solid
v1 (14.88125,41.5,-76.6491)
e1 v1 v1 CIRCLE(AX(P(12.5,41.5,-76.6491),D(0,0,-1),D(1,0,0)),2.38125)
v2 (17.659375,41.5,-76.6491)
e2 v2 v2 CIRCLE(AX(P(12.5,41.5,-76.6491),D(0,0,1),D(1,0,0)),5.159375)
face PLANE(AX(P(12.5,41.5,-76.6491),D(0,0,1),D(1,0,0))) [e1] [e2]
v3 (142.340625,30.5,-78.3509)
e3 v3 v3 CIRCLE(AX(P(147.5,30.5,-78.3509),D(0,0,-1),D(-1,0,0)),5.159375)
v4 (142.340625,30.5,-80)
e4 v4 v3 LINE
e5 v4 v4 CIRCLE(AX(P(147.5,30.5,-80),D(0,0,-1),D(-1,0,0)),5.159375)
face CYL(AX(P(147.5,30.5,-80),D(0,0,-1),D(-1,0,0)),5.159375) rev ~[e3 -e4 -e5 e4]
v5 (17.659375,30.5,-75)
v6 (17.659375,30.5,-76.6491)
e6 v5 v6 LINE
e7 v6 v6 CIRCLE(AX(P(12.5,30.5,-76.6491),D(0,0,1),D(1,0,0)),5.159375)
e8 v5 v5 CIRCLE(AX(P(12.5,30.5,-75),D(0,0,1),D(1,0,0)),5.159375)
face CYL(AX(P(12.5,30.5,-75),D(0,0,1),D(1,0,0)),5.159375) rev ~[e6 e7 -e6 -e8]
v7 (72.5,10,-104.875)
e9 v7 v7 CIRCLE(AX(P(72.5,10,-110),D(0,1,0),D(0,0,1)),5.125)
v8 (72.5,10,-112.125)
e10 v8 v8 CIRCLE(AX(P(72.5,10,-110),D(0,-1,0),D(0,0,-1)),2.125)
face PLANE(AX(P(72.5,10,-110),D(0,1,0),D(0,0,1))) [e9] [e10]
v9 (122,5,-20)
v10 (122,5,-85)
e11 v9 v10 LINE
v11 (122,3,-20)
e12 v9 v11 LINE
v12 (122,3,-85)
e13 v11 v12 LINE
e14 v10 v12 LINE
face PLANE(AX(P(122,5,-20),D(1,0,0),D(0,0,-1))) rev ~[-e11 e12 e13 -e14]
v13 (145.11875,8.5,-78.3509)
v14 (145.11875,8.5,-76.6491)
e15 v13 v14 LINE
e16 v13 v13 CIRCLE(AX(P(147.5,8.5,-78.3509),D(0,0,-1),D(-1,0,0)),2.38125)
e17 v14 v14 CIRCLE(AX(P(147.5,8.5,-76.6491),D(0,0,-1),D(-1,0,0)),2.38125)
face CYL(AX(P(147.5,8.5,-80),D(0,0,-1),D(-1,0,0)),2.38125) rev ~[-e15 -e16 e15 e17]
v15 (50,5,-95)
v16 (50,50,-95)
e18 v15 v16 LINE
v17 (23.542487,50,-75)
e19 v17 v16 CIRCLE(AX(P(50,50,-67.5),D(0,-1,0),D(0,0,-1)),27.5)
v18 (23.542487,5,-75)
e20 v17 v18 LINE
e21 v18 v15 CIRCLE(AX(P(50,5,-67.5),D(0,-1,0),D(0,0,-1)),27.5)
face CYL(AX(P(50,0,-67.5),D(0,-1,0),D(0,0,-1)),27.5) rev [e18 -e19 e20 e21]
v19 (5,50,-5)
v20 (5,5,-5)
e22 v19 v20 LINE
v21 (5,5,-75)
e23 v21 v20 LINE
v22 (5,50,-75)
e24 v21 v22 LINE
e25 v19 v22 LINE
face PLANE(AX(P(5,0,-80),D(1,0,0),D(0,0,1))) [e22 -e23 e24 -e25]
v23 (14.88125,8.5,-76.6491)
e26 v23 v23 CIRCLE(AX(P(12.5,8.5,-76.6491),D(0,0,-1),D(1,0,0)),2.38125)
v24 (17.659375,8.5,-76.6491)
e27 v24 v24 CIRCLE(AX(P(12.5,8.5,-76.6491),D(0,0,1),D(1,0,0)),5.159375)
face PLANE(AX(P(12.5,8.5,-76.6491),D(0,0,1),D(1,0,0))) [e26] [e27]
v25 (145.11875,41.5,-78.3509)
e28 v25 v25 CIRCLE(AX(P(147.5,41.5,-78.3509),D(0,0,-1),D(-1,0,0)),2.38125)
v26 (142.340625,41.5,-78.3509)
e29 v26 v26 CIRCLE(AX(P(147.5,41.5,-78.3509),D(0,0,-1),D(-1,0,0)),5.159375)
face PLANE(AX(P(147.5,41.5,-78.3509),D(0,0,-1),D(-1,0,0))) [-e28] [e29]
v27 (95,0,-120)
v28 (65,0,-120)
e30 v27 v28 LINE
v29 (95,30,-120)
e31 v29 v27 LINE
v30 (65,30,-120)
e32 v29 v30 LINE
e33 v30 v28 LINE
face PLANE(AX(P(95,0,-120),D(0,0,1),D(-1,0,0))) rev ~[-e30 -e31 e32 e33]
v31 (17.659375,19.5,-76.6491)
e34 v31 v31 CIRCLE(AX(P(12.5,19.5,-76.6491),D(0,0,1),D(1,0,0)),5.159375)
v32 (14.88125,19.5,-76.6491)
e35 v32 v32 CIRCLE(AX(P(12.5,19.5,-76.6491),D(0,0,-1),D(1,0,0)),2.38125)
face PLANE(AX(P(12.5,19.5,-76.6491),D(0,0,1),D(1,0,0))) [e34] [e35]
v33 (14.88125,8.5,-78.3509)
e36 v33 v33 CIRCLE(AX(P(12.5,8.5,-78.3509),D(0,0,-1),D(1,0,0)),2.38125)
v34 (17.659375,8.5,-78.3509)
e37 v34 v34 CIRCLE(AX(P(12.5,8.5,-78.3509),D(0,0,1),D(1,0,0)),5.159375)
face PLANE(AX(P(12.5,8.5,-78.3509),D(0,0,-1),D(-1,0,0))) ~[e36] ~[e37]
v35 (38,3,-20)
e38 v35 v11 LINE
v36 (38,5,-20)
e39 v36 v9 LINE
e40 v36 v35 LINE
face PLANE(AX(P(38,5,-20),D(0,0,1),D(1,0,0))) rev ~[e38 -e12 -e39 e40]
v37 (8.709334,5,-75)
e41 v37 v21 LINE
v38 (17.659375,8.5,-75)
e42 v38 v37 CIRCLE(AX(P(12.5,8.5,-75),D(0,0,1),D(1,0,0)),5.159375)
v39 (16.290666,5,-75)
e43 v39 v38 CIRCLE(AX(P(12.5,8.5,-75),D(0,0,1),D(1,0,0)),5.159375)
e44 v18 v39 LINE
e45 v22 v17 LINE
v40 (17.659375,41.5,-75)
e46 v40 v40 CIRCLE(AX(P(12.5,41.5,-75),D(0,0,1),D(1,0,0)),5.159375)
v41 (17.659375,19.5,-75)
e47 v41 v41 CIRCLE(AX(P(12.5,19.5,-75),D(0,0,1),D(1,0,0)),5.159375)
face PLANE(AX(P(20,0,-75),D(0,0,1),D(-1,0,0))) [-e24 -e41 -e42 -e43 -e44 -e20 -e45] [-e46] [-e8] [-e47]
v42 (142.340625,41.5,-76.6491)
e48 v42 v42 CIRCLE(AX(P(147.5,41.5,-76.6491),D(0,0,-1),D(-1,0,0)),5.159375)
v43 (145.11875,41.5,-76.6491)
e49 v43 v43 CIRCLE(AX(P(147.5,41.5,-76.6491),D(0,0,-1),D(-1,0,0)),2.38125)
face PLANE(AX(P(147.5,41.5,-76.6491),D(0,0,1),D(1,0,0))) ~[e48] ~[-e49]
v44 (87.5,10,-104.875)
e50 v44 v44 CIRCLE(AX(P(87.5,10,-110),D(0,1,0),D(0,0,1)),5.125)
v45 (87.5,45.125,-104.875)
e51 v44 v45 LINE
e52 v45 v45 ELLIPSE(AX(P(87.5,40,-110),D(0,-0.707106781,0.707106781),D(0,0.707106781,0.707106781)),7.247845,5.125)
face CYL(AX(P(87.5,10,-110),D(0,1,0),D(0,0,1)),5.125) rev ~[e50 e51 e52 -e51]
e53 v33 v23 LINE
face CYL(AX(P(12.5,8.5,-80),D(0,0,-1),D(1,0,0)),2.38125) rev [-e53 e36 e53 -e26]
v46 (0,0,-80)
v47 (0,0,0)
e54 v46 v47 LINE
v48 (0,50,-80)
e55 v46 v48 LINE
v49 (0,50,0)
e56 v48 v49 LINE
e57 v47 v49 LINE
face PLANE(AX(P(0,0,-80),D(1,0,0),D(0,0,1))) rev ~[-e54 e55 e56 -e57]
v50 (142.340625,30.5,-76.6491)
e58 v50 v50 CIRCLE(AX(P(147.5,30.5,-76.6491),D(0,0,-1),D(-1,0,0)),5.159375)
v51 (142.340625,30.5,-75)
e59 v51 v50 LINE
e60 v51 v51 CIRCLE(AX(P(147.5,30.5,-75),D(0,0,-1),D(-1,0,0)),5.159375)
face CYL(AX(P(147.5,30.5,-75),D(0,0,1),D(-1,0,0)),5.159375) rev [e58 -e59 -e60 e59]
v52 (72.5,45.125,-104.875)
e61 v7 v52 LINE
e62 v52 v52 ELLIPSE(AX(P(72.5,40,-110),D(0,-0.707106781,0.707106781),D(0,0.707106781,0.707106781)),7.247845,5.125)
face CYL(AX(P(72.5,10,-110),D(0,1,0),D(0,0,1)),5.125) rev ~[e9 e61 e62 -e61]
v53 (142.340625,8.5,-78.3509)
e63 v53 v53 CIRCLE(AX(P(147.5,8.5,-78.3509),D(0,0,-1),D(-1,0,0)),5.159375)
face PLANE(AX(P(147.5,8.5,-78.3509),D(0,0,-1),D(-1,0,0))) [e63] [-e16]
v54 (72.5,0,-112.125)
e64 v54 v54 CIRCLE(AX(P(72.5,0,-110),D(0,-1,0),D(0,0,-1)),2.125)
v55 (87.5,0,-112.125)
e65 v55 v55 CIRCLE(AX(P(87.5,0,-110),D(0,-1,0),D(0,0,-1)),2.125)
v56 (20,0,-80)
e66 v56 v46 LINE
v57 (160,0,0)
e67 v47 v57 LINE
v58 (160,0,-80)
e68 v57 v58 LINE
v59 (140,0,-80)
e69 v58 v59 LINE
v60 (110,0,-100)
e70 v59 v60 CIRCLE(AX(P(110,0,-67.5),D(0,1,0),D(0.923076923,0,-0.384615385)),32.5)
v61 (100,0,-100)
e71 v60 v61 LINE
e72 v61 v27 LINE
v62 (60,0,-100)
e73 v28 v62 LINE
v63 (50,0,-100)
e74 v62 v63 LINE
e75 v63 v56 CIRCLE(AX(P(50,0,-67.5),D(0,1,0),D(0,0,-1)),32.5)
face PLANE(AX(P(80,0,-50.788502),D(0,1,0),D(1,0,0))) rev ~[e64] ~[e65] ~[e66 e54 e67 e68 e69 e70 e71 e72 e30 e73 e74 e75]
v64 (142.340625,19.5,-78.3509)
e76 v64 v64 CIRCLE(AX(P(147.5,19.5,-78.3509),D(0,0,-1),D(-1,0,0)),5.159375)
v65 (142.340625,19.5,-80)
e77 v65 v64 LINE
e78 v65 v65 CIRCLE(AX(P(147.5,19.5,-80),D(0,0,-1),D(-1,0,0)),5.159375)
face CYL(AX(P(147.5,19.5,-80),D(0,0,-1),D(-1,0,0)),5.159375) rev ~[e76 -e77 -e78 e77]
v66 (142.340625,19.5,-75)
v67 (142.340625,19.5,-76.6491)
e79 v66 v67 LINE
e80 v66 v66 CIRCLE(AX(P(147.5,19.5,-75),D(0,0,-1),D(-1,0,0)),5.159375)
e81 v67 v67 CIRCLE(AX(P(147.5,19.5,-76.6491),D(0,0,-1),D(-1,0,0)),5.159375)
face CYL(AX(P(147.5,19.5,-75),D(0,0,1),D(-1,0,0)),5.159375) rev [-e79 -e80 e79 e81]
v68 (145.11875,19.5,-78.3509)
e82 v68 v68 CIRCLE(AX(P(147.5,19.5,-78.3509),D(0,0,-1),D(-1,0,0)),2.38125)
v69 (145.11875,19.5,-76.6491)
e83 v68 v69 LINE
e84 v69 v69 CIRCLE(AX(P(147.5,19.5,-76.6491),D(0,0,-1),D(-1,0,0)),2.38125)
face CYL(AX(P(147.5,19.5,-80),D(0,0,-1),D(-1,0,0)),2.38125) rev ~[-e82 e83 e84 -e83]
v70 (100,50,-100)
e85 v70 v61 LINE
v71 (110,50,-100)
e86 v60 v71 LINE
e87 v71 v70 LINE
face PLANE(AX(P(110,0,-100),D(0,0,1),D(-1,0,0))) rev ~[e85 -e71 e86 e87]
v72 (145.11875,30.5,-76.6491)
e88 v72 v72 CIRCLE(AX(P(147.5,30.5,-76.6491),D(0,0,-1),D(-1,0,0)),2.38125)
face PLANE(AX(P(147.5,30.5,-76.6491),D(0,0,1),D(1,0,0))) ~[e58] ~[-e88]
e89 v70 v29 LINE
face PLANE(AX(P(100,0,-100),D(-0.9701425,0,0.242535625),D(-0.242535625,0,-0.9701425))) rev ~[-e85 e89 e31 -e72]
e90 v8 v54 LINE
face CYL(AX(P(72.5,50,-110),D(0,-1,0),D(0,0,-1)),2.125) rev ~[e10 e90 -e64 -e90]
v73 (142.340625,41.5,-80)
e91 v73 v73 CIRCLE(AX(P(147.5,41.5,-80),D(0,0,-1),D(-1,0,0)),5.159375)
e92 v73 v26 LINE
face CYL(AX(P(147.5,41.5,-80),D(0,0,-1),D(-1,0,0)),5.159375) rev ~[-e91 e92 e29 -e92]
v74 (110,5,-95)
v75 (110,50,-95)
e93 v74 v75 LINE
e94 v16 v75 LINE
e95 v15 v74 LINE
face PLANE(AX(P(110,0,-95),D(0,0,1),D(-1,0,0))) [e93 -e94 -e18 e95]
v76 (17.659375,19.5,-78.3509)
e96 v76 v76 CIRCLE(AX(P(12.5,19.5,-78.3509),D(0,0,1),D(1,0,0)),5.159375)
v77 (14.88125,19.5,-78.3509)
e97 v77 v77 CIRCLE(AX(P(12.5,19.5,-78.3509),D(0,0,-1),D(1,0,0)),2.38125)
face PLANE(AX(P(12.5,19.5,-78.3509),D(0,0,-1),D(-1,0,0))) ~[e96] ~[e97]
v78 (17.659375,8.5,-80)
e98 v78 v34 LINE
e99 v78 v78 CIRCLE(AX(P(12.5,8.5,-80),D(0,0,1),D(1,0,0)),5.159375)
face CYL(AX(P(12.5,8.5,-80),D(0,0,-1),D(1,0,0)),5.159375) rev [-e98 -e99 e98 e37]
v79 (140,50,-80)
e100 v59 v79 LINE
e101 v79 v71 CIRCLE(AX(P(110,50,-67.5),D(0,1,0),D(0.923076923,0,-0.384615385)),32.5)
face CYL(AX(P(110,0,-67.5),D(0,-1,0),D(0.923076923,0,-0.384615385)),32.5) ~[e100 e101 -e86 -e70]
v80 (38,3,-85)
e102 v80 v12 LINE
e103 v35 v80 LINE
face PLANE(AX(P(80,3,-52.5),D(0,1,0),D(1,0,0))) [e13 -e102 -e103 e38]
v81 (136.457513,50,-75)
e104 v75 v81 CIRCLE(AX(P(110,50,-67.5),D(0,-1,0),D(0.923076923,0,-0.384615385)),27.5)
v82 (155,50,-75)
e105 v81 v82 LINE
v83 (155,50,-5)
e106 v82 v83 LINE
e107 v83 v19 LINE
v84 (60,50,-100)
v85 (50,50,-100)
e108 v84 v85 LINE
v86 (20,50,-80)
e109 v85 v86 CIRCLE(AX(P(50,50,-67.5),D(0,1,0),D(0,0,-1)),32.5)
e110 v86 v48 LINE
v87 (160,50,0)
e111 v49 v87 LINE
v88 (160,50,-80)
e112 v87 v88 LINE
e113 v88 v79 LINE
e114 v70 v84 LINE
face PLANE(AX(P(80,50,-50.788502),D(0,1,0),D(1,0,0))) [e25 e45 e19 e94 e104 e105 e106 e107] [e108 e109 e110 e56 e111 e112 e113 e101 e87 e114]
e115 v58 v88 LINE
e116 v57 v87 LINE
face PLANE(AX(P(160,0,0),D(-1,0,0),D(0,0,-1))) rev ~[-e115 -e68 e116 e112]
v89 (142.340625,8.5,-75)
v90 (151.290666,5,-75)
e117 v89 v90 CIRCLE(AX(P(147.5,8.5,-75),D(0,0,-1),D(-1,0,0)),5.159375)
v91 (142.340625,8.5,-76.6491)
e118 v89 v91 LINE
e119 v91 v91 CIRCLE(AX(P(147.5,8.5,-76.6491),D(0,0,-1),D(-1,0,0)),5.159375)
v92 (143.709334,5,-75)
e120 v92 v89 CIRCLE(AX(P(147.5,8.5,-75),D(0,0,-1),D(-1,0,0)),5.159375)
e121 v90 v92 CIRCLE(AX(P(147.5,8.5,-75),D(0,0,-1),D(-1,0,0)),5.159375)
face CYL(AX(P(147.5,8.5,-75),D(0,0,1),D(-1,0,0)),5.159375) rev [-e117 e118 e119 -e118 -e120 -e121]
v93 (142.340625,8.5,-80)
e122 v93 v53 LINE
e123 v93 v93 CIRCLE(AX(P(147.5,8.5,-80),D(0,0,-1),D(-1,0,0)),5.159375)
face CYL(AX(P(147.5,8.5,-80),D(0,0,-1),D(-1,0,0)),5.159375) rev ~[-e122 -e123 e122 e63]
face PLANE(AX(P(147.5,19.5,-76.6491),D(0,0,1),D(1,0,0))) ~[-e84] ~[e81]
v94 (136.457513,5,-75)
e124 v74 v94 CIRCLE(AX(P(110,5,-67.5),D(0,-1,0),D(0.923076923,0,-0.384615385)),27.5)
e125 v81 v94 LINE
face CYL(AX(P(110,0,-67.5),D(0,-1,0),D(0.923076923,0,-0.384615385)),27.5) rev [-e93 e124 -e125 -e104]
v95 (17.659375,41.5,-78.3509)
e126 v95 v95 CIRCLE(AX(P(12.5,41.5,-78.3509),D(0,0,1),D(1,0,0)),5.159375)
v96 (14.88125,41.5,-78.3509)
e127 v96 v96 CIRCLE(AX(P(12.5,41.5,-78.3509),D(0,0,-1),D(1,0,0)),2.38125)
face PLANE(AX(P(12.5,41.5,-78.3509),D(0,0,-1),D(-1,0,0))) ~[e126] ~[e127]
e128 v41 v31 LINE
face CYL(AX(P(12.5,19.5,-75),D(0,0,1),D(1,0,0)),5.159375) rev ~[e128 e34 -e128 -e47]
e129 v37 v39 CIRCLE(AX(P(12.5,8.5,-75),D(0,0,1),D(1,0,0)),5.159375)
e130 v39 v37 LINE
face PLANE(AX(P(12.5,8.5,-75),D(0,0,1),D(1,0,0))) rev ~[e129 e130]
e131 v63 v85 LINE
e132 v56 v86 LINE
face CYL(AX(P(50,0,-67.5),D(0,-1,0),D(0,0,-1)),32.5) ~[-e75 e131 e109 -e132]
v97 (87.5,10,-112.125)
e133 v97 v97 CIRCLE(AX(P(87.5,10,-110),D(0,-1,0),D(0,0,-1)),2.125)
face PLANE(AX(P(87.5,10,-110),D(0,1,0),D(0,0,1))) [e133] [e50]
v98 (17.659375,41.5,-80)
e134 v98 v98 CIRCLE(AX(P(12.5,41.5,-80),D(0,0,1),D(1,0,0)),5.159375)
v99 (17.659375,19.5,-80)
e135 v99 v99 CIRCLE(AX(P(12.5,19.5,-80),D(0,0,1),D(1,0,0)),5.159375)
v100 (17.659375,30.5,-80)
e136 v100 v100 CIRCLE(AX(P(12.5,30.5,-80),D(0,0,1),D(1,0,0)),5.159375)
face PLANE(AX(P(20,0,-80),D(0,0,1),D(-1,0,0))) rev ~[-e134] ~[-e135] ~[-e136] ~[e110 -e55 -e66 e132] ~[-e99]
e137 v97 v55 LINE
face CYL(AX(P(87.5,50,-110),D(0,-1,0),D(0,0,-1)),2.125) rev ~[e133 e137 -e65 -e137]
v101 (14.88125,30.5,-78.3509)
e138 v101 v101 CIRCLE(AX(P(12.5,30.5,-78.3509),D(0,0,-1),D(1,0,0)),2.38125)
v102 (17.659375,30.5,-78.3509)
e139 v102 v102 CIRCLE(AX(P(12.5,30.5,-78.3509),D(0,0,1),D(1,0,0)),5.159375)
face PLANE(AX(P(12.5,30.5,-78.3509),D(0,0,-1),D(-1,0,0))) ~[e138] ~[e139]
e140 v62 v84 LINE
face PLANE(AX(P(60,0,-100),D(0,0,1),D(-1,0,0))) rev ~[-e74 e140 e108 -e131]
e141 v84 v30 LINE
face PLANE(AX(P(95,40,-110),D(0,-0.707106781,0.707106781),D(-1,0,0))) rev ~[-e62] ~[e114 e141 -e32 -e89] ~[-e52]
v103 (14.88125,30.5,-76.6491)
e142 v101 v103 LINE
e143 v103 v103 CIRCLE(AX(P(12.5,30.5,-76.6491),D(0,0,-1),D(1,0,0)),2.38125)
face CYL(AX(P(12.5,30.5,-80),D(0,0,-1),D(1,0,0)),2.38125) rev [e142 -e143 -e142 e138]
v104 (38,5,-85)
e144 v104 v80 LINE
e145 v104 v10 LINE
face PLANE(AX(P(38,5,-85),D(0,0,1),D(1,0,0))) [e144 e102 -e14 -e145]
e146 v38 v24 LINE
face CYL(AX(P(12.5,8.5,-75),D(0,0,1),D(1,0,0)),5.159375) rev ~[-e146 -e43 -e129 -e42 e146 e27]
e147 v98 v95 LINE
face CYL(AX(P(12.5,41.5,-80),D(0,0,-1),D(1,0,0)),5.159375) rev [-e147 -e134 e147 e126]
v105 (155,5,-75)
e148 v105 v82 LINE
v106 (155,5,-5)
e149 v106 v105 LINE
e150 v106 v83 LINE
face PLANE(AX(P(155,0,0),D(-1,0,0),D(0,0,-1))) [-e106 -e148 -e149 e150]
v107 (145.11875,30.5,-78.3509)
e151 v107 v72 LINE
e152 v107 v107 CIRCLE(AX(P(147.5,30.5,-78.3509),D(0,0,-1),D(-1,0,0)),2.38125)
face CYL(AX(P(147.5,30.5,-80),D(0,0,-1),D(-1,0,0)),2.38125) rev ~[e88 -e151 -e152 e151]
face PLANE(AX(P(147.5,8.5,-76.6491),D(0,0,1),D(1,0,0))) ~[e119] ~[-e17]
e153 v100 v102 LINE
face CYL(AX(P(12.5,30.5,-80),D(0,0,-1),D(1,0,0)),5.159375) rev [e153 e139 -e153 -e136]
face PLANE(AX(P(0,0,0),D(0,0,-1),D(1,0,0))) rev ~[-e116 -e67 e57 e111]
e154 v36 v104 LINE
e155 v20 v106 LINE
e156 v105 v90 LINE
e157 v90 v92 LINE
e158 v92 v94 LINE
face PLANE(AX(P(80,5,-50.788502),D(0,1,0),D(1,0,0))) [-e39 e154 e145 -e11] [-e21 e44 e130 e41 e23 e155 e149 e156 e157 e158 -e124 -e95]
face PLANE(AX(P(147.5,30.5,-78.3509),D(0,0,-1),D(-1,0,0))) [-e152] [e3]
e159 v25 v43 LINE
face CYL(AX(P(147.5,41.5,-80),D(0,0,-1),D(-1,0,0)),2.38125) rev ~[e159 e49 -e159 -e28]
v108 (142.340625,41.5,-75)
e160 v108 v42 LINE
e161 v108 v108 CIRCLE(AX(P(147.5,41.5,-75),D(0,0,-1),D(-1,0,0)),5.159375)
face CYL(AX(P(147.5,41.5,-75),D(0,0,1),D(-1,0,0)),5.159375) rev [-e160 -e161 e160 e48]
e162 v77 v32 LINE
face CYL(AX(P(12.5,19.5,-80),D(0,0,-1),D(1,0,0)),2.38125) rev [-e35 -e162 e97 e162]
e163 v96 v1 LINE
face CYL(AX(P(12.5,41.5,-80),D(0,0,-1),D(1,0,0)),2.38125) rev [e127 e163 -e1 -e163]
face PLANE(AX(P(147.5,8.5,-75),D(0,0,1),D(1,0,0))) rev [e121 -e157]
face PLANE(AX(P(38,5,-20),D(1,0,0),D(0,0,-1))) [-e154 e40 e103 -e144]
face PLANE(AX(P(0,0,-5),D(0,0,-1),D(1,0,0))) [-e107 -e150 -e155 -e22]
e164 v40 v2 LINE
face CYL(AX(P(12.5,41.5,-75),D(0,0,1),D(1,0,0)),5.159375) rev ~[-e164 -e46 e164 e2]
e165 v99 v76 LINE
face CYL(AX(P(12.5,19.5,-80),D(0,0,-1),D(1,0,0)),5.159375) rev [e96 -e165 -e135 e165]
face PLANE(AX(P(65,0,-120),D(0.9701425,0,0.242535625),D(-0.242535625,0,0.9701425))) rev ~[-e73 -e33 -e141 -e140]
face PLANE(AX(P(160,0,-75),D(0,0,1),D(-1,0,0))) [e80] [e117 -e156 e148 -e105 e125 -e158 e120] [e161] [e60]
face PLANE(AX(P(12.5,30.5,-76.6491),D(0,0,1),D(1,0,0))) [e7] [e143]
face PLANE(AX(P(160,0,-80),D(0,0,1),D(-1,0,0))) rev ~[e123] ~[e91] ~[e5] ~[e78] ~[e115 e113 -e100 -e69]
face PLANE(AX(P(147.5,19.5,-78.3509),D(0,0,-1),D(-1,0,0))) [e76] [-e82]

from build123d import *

# Parameters (mm, degrees)
BOSS_EXTRUDE1_DEPTH     = 50
SHELL1_T                = -5
SKETCH2_W               = 84
SKETCH2_H               = 65
CUT_EXTRUDE1_DEPTH      = 2
BOSS_EXTRUDE2_DEPTH     = 45
CHAMFER1_SIZE           = 20
HOLE1_D                 = 4.25
HOLE1_CBORE_D           = 10.25
HOLE1_CBORE_DEPTH       = 40
SKETCH9_R               = 5.159375
CUT_EXTRUDE2_DEPTH      = 1.6491
SKETCH11_R              = 2.38125
CUT_EXTRUDE3_DEPTH      = 5
MIRROR2_COPY_1_SKETCH_R = 5.159375
MIRROR2_COPY_1_DEPTH    = 1.6491


with BuildPart() as part:
    # Sketch1 → Boss-Extrude1 (new body)
    with BuildSketch(Plane(origin=(0, 0, 0), x_dir=(1, 0, 0), z_dir=(0, 1, 0))):
        with BuildLine():
            Line((0, 0), (160, 0))
            Line((160, 0), (160, 80))
            Line((160, 80), (140, 80))
            ThreePointArc((140, 80), (128.027756377, 94.541634566), (110, 100))
            Line((110, 100), (100, 100))
            Line((100, 100), (95, 120))
            Line((95, 120), (65, 120))
            Line((65, 120), (60, 100))
            Line((60, 100), (50, 100))
            ThreePointArc((50, 100), (31.972243623, 94.541634566), (20, 80))
            Line((20, 80), (0, 80))
            Line((0, 80), (0, 0))
        make_face()
    extrude(amount=BOSS_EXTRUDE1_DEPTH)

    # Shell1
    shell1_openings = [part.faces().sort_by_distance(p)[0] for p in [
        (80, 50, -49.668654168),
    ]]
    offset(amount=SHELL1_T, openings=shell1_openings, kind=Kind.INTERSECTION)

    # Sketch2 → Cut-Extrude1 (cut)
    with BuildSketch(Plane(origin=(0, 5, 0), x_dir=(1, 0, 0), z_dir=(0, 1, 0))):
        with Locations((80, 52.5)):
            Rectangle(SKETCH2_W, SKETCH2_H)
    extrude(amount=-CUT_EXTRUDE1_DEPTH, mode=Mode.SUBTRACT)

    # Sketch3 → Boss-Extrude2 (add)
    with BuildSketch(Plane(origin=(0, 5, 0), x_dir=(1, 0, 0), z_dir=(0, 1, 0))):
        Polygon((65, 120), (60, 100), (60, 95), (100, 95), (100, 100), (95, 120), align=None)
    extrude(amount=BOSS_EXTRUDE2_DEPTH)

    # Chamfer1
    chamfer1_edges = [part.edges().sort_by_distance(p)[0] for p in [
        (80, 50, -120),
    ]]
    chamfer(chamfer1_edges, length=CHAMFER1_SIZE)

    # Hole1 (through all)
    with Locations(Plane(origin=(72.5, 50, -110), x_dir=(0, 0, 1), z_dir=(0, 1, 0))):
        with Locations((0, 0), (0, 15)):
            CounterBoreHole(HOLE1_D / 2, HOLE1_CBORE_D / 2, HOLE1_CBORE_DEPTH)

    # Sketch9 → Cut-Extrude2 (cut)
    with BuildSketch(Plane(origin=(0, 0, -80), x_dir=(-1, 0, 0), z_dir=(0, 0, -1))):
        with Locations((-147.5, 41.5)):
            Circle(SKETCH9_R)
        with Locations((-147.5, 30.5)):
            Circle(SKETCH9_R)
        with Locations((-147.5, 19.5)):
            Circle(SKETCH9_R)
        with Locations((-147.5, 8.5)):
            Circle(SKETCH9_R)
    cut_extrude2 = extrude(amount=-CUT_EXTRUDE2_DEPTH, mode=Mode.SUBTRACT)

    # Mirror1: Cut-Extrude2 across plane
    add(cut_extrude2.mirror(Plane.XY.offset(-77.5)), mode=Mode.SUBTRACT)

    # Sketch11 → Cut-Extrude3 (cut)
    with BuildSketch(Plane(origin=(0, 0, -80), x_dir=(-1, 0, 0), z_dir=(0, 0, -1))):
        with Locations((-147.5, 41.5)):
            Circle(SKETCH11_R)
        with Locations((-147.5, 30.5)):
            Circle(SKETCH11_R)
        with Locations((-147.5, 19.5)):
            Circle(SKETCH11_R)
        with Locations((-147.5, 8.5)):
            Circle(SKETCH11_R)
    cut_extrude3 = extrude(amount=-CUT_EXTRUDE3_DEPTH, mode=Mode.SUBTRACT)

    # Mirror2: Cut-Extrude2, Cut-Extrude3 across plane
    add(cut_extrude2.mirror(Plane(origin=(80, 0, 0), x_dir=(0, 0, 1), z_dir=(1, 0, 0))), mode=Mode.SUBTRACT)
    add(cut_extrude3.mirror(Plane(origin=(80, 0, 0), x_dir=(0, 0, 1), z_dir=(1, 0, 0))), mode=Mode.SUBTRACT)

    # Mirror2 copy 1 sketch → Mirror2 copy 1 (cut)
    with BuildSketch(Plane(origin=(160, 0, -75), x_dir=(1, 0, 0), z_dir=(0, 0, 1))):
        with Locations((-147.5, 41.5)):
            Circle(MIRROR2_COPY_1_SKETCH_R)
        with Locations((-147.5, 30.5)):
            Circle(MIRROR2_COPY_1_SKETCH_R)
        with Locations((-147.5, 19.5)):
            Circle(MIRROR2_COPY_1_SKETCH_R)
        with Locations((-147.5, 8.5)):
            Circle(MIRROR2_COPY_1_SKETCH_R)
    extrude(amount=-MIRROR2_COPY_1_DEPTH, mode=Mode.SUBTRACT)


solid = part.part
